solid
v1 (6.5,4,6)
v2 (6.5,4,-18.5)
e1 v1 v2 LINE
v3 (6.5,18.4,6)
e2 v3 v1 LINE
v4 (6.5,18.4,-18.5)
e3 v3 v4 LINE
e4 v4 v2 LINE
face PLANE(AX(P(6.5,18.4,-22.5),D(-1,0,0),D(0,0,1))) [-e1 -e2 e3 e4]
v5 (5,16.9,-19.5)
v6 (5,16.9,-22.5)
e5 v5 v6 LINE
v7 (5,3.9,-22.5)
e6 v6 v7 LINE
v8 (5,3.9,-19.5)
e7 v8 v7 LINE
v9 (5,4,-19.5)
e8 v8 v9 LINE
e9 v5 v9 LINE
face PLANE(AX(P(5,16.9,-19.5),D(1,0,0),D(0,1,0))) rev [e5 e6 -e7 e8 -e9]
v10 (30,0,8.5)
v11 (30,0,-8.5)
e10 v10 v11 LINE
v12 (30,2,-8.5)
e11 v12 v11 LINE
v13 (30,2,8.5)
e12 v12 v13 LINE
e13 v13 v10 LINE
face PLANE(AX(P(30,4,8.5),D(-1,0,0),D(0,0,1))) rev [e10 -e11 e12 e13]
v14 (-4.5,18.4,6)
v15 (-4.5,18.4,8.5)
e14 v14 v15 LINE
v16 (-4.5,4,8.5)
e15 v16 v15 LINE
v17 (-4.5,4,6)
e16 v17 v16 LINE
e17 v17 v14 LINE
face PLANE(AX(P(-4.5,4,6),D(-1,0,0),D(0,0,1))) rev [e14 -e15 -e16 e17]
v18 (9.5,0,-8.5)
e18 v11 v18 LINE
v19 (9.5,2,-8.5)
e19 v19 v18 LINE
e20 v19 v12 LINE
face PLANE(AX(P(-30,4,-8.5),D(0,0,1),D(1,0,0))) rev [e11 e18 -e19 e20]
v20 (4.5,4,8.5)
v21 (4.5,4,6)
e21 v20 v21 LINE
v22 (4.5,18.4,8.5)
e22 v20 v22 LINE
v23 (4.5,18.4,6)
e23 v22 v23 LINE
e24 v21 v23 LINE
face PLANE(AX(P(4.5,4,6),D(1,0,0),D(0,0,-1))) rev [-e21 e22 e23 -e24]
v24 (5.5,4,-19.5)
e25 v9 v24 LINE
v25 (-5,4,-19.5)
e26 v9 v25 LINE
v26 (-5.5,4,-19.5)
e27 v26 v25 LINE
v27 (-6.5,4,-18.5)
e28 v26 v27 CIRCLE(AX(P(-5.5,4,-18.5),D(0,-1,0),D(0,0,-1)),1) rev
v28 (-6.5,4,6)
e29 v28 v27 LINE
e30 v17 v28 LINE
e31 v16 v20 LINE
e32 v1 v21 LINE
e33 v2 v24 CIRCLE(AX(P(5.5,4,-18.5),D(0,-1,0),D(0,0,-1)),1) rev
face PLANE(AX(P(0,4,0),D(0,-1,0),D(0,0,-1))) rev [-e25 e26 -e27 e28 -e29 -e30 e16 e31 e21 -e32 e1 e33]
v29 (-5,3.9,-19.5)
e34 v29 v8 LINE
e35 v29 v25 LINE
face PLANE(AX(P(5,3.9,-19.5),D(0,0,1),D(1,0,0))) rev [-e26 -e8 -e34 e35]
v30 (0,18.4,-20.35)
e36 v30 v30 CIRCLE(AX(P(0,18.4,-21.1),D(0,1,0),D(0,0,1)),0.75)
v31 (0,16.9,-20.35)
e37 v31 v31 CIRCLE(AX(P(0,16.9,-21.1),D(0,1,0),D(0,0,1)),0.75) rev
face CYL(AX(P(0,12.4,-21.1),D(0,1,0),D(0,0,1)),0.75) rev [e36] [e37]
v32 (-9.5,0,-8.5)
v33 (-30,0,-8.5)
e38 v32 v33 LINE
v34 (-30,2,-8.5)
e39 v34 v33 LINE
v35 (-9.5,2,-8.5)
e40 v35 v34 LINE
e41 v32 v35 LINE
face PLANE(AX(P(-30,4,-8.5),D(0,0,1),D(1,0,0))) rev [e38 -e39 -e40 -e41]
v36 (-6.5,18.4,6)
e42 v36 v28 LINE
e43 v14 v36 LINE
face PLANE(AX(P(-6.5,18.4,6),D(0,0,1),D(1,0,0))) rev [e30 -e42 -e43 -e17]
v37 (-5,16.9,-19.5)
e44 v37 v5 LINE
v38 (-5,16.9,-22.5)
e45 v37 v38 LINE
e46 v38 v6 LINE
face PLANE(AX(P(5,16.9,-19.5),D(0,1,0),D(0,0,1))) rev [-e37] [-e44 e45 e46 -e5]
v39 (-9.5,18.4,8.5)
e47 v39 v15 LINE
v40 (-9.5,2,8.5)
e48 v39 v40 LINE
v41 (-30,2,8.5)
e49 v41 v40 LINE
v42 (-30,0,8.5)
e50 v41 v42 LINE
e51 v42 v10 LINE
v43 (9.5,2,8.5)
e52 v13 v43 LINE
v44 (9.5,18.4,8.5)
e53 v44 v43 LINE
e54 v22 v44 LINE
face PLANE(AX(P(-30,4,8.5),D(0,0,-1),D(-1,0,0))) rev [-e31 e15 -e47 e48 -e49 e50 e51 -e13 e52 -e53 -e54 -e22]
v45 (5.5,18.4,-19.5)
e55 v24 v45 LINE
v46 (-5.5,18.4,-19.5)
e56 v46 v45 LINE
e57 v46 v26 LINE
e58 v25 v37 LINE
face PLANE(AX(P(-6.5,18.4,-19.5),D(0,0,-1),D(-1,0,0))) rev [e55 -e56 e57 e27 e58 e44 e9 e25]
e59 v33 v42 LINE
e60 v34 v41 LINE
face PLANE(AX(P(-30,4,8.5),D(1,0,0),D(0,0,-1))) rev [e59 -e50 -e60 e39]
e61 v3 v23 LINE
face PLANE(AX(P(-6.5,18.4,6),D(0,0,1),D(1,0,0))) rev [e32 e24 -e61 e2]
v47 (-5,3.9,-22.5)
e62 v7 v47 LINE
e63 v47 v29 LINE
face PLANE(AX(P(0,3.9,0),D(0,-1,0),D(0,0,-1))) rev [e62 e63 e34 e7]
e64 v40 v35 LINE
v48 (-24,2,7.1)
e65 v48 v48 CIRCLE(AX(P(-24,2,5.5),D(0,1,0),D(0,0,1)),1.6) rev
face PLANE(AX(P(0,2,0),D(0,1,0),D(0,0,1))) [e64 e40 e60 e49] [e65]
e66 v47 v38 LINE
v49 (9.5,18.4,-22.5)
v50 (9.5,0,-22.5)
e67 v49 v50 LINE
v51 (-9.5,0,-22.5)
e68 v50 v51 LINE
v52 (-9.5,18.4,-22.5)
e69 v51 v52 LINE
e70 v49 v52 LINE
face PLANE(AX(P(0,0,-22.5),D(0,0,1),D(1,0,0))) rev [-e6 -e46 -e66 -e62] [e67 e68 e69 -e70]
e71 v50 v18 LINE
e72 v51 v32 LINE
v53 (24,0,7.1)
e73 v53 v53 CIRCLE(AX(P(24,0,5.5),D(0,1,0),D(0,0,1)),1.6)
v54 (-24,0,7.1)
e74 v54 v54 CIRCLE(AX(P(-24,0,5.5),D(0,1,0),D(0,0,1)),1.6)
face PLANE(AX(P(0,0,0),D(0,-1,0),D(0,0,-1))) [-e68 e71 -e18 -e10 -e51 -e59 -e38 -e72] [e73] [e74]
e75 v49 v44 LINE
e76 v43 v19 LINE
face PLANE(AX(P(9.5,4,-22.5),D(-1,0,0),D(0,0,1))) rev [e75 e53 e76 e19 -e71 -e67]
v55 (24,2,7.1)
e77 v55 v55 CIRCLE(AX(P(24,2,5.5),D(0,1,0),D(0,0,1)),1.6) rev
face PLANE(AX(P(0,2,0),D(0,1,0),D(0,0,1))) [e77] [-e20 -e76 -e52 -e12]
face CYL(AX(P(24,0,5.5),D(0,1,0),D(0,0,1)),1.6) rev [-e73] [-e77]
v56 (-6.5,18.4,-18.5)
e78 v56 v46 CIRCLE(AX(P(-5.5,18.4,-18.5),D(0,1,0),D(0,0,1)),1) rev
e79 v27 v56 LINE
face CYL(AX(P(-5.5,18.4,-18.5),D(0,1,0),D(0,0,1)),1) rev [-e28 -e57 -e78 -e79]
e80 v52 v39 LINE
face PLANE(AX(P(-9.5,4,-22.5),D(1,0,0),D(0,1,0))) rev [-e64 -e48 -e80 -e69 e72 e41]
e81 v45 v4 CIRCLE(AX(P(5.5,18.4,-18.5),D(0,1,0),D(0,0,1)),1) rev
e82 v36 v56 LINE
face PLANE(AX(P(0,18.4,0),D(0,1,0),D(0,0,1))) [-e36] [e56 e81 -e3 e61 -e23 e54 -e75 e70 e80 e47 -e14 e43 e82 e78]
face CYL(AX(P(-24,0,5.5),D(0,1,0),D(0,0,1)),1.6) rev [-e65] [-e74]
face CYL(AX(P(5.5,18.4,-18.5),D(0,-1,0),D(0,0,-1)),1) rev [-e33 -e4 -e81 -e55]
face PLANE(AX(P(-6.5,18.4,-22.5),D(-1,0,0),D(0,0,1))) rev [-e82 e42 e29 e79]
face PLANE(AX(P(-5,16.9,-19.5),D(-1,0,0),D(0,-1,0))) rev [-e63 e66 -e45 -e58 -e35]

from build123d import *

# Parameters (mm, degrees)
SKETCH1_W           = 60
SKETCH1_H           = 17
BOSS_EXTRUDE1_DEPTH = 4
SKETCH4_W           = 19
SKETCH4_H           = 4
BOSS_EXTRUDE2_DEPTH = 14
SKETCH5_W           = 3
SKETCH5_H           = 31
BOSS_EXTRUDE3_DEPTH = 14.4
SKETCH6_W           = 13
SKETCH6_H           = 2.5
BOSS_EXTRUDE4_DEPTH = 14.4
SKETCH7_W           = 9
SKETCH7_H           = 2.5
CUT_EXTRUDE1_DEPTH  = 14.4
SKETCH8_W           = 13
SKETCH8_H           = 3
BOSS_EXTRUDE5_DEPTH = 14.4
SKETCH9_R           = 0.75
CUT_EXTRUDE2_DEPTH  = 6
SKETCH10_W          = 10
SKETCH10_H          = 8
CUT_EXTRUDE3_DEPTH  = 3
FILLET1_R           = 1
SKETCH11_R          = 1.6
CUT_EXTRUDE4_DEPTH  = 4
SKETCH12_W          = 20.5
SKETCH12_H          = 17
CUT_EXTRUDE5_DEPTH  = 2
SKETCH13_W          = 10
SKETCH13_H          = 3
CUT_EXTRUDE6_DEPTH  = 5


with BuildPart() as part:
    # Sketch1 → Boss-Extrude1 (new body)
    with BuildSketch(Plane(origin=(0, 0, 0), x_dir=(1, 0, 0), z_dir=(0, 1, 0))):
        Rectangle(SKETCH1_W, SKETCH1_H)
    extrude(amount=BOSS_EXTRUDE1_DEPTH)

    # Sketch4 → Boss-Extrude2 (add)
    with BuildSketch(Plane(origin=(0, 0, -8.5), x_dir=(-1, 0, 0), z_dir=(0, 0, -1))):
        with Locations((0, 2)):
            Rectangle(SKETCH4_W, SKETCH4_H)
    extrude(amount=BOSS_EXTRUDE2_DEPTH)

    # Sketch5 → Boss-Extrude3 (add)
    with BuildSketch(Plane(origin=(0, 4, 0), x_dir=(1, 0, 0), z_dir=(0, 1, 0))):
        with Locations((-8, 7)):
            Rectangle(SKETCH5_W, SKETCH5_H)
    boss_extrude3 = extrude(amount=BOSS_EXTRUDE3_DEPTH)

    # Mirror1: Boss-Extrude3 across plane
    add(boss_extrude3.mirror(Plane(origin=(0, 0, 0), x_dir=(0, 0, 1), z_dir=(1, 0, 0))))

    # Sketch6 → Boss-Extrude4 (add)
    with BuildSketch(Plane(origin=(0, 4, 0), x_dir=(1, 0, 0), z_dir=(0, 1, 0))):
        with Locations((0, -7.25)):
            Rectangle(SKETCH6_W, SKETCH6_H)
    extrude(amount=BOSS_EXTRUDE4_DEPTH)

    # Sketch7 → Cut-Extrude1 (cut)
    with BuildSketch(Plane(origin=(0, 18.4, 0), x_dir=(1, 0, 0), z_dir=(0, 1, 0))):
        with Locations((0, -7.25)):
            Rectangle(SKETCH7_W, SKETCH7_H)
    extrude(amount=-CUT_EXTRUDE1_DEPTH, mode=Mode.SUBTRACT)

    # Sketch8 → Boss-Extrude5 (add)
    with BuildSketch(Plane(origin=(0, 4, 0), x_dir=(1, 0, 0), z_dir=(0, 1, 0))):
        with Locations((0, 21)):
            Rectangle(SKETCH8_W, SKETCH8_H)
    extrude(amount=BOSS_EXTRUDE5_DEPTH)

    # Sketch9 → Cut-Extrude2 (cut)
    with BuildSketch(Plane(origin=(0, 18.4, 0), x_dir=(1, 0, 0), z_dir=(0, 1, 0))):
        with Locations(Location((0, 21.1, 0), (0, 0, 270))):
            Circle(SKETCH9_R)
    extrude(amount=-CUT_EXTRUDE2_DEPTH, mode=Mode.SUBTRACT)

    # Sketch10 → Cut-Extrude3 (cut)
    with BuildSketch(Plane(origin=(0, 0, -22.5), x_dir=(-1, 0, 0), z_dir=(0, 0, -1))):
        with Locations((0, 12.9)):
            Rectangle(SKETCH10_W, SKETCH10_H)
    extrude(amount=-CUT_EXTRUDE3_DEPTH, mode=Mode.SUBTRACT)

    # Fillet1
    fillet1_edges = [part.edges().sort_by_distance(p)[0] for p in [
        (-6.5, 11.2, -19.5),
        (6.5, 11.2, -19.5),
    ]]
    fillet(fillet1_edges, radius=FILLET1_R)

    # Sketch11 → Cut-Extrude4 (cut)
    with BuildSketch(Plane(origin=(0, 4, 0), x_dir=(1, 0, 0), z_dir=(0, 1, 0))):
        with Locations(Location((-24, -5.5, 0), (0, 0, 270))):
            Circle(SKETCH11_R)
        with Locations(Location((24, -5.5, 0), (0, 0, 270))):
            Circle(SKETCH11_R)
    extrude(amount=-CUT_EXTRUDE4_DEPTH, mode=Mode.SUBTRACT)

    # Sketch12 → Cut-Extrude5 (cut)
    with BuildSketch(Plane(origin=(0, 4, 0), x_dir=(1, 0, 0), z_dir=(0, 1, 0))):
        with Locations((-19.75, 0)):
            Rectangle(SKETCH12_W, SKETCH12_H)
    cut_extrude5 = extrude(amount=-CUT_EXTRUDE5_DEPTH, mode=Mode.SUBTRACT)

    # Mirror2: Cut-Extrude5 across plane
    add(cut_extrude5.mirror(Plane(origin=(0, 0, 0), x_dir=(0, 0, 1), z_dir=(1, 0, 0))), mode=Mode.SUBTRACT)

    # Sketch13 → Cut-Extrude6 (cut)
    with BuildSketch(Plane(origin=(0, 8.9, 0), x_dir=(1, 0, 0), z_dir=(0, 1, 0))):
        with Locations((0, 21)):
            Rectangle(SKETCH13_W, SKETCH13_H)
    extrude(amount=-CUT_EXTRUDE6_DEPTH, mode=Mode.SUBTRACT)


solid = part.part
